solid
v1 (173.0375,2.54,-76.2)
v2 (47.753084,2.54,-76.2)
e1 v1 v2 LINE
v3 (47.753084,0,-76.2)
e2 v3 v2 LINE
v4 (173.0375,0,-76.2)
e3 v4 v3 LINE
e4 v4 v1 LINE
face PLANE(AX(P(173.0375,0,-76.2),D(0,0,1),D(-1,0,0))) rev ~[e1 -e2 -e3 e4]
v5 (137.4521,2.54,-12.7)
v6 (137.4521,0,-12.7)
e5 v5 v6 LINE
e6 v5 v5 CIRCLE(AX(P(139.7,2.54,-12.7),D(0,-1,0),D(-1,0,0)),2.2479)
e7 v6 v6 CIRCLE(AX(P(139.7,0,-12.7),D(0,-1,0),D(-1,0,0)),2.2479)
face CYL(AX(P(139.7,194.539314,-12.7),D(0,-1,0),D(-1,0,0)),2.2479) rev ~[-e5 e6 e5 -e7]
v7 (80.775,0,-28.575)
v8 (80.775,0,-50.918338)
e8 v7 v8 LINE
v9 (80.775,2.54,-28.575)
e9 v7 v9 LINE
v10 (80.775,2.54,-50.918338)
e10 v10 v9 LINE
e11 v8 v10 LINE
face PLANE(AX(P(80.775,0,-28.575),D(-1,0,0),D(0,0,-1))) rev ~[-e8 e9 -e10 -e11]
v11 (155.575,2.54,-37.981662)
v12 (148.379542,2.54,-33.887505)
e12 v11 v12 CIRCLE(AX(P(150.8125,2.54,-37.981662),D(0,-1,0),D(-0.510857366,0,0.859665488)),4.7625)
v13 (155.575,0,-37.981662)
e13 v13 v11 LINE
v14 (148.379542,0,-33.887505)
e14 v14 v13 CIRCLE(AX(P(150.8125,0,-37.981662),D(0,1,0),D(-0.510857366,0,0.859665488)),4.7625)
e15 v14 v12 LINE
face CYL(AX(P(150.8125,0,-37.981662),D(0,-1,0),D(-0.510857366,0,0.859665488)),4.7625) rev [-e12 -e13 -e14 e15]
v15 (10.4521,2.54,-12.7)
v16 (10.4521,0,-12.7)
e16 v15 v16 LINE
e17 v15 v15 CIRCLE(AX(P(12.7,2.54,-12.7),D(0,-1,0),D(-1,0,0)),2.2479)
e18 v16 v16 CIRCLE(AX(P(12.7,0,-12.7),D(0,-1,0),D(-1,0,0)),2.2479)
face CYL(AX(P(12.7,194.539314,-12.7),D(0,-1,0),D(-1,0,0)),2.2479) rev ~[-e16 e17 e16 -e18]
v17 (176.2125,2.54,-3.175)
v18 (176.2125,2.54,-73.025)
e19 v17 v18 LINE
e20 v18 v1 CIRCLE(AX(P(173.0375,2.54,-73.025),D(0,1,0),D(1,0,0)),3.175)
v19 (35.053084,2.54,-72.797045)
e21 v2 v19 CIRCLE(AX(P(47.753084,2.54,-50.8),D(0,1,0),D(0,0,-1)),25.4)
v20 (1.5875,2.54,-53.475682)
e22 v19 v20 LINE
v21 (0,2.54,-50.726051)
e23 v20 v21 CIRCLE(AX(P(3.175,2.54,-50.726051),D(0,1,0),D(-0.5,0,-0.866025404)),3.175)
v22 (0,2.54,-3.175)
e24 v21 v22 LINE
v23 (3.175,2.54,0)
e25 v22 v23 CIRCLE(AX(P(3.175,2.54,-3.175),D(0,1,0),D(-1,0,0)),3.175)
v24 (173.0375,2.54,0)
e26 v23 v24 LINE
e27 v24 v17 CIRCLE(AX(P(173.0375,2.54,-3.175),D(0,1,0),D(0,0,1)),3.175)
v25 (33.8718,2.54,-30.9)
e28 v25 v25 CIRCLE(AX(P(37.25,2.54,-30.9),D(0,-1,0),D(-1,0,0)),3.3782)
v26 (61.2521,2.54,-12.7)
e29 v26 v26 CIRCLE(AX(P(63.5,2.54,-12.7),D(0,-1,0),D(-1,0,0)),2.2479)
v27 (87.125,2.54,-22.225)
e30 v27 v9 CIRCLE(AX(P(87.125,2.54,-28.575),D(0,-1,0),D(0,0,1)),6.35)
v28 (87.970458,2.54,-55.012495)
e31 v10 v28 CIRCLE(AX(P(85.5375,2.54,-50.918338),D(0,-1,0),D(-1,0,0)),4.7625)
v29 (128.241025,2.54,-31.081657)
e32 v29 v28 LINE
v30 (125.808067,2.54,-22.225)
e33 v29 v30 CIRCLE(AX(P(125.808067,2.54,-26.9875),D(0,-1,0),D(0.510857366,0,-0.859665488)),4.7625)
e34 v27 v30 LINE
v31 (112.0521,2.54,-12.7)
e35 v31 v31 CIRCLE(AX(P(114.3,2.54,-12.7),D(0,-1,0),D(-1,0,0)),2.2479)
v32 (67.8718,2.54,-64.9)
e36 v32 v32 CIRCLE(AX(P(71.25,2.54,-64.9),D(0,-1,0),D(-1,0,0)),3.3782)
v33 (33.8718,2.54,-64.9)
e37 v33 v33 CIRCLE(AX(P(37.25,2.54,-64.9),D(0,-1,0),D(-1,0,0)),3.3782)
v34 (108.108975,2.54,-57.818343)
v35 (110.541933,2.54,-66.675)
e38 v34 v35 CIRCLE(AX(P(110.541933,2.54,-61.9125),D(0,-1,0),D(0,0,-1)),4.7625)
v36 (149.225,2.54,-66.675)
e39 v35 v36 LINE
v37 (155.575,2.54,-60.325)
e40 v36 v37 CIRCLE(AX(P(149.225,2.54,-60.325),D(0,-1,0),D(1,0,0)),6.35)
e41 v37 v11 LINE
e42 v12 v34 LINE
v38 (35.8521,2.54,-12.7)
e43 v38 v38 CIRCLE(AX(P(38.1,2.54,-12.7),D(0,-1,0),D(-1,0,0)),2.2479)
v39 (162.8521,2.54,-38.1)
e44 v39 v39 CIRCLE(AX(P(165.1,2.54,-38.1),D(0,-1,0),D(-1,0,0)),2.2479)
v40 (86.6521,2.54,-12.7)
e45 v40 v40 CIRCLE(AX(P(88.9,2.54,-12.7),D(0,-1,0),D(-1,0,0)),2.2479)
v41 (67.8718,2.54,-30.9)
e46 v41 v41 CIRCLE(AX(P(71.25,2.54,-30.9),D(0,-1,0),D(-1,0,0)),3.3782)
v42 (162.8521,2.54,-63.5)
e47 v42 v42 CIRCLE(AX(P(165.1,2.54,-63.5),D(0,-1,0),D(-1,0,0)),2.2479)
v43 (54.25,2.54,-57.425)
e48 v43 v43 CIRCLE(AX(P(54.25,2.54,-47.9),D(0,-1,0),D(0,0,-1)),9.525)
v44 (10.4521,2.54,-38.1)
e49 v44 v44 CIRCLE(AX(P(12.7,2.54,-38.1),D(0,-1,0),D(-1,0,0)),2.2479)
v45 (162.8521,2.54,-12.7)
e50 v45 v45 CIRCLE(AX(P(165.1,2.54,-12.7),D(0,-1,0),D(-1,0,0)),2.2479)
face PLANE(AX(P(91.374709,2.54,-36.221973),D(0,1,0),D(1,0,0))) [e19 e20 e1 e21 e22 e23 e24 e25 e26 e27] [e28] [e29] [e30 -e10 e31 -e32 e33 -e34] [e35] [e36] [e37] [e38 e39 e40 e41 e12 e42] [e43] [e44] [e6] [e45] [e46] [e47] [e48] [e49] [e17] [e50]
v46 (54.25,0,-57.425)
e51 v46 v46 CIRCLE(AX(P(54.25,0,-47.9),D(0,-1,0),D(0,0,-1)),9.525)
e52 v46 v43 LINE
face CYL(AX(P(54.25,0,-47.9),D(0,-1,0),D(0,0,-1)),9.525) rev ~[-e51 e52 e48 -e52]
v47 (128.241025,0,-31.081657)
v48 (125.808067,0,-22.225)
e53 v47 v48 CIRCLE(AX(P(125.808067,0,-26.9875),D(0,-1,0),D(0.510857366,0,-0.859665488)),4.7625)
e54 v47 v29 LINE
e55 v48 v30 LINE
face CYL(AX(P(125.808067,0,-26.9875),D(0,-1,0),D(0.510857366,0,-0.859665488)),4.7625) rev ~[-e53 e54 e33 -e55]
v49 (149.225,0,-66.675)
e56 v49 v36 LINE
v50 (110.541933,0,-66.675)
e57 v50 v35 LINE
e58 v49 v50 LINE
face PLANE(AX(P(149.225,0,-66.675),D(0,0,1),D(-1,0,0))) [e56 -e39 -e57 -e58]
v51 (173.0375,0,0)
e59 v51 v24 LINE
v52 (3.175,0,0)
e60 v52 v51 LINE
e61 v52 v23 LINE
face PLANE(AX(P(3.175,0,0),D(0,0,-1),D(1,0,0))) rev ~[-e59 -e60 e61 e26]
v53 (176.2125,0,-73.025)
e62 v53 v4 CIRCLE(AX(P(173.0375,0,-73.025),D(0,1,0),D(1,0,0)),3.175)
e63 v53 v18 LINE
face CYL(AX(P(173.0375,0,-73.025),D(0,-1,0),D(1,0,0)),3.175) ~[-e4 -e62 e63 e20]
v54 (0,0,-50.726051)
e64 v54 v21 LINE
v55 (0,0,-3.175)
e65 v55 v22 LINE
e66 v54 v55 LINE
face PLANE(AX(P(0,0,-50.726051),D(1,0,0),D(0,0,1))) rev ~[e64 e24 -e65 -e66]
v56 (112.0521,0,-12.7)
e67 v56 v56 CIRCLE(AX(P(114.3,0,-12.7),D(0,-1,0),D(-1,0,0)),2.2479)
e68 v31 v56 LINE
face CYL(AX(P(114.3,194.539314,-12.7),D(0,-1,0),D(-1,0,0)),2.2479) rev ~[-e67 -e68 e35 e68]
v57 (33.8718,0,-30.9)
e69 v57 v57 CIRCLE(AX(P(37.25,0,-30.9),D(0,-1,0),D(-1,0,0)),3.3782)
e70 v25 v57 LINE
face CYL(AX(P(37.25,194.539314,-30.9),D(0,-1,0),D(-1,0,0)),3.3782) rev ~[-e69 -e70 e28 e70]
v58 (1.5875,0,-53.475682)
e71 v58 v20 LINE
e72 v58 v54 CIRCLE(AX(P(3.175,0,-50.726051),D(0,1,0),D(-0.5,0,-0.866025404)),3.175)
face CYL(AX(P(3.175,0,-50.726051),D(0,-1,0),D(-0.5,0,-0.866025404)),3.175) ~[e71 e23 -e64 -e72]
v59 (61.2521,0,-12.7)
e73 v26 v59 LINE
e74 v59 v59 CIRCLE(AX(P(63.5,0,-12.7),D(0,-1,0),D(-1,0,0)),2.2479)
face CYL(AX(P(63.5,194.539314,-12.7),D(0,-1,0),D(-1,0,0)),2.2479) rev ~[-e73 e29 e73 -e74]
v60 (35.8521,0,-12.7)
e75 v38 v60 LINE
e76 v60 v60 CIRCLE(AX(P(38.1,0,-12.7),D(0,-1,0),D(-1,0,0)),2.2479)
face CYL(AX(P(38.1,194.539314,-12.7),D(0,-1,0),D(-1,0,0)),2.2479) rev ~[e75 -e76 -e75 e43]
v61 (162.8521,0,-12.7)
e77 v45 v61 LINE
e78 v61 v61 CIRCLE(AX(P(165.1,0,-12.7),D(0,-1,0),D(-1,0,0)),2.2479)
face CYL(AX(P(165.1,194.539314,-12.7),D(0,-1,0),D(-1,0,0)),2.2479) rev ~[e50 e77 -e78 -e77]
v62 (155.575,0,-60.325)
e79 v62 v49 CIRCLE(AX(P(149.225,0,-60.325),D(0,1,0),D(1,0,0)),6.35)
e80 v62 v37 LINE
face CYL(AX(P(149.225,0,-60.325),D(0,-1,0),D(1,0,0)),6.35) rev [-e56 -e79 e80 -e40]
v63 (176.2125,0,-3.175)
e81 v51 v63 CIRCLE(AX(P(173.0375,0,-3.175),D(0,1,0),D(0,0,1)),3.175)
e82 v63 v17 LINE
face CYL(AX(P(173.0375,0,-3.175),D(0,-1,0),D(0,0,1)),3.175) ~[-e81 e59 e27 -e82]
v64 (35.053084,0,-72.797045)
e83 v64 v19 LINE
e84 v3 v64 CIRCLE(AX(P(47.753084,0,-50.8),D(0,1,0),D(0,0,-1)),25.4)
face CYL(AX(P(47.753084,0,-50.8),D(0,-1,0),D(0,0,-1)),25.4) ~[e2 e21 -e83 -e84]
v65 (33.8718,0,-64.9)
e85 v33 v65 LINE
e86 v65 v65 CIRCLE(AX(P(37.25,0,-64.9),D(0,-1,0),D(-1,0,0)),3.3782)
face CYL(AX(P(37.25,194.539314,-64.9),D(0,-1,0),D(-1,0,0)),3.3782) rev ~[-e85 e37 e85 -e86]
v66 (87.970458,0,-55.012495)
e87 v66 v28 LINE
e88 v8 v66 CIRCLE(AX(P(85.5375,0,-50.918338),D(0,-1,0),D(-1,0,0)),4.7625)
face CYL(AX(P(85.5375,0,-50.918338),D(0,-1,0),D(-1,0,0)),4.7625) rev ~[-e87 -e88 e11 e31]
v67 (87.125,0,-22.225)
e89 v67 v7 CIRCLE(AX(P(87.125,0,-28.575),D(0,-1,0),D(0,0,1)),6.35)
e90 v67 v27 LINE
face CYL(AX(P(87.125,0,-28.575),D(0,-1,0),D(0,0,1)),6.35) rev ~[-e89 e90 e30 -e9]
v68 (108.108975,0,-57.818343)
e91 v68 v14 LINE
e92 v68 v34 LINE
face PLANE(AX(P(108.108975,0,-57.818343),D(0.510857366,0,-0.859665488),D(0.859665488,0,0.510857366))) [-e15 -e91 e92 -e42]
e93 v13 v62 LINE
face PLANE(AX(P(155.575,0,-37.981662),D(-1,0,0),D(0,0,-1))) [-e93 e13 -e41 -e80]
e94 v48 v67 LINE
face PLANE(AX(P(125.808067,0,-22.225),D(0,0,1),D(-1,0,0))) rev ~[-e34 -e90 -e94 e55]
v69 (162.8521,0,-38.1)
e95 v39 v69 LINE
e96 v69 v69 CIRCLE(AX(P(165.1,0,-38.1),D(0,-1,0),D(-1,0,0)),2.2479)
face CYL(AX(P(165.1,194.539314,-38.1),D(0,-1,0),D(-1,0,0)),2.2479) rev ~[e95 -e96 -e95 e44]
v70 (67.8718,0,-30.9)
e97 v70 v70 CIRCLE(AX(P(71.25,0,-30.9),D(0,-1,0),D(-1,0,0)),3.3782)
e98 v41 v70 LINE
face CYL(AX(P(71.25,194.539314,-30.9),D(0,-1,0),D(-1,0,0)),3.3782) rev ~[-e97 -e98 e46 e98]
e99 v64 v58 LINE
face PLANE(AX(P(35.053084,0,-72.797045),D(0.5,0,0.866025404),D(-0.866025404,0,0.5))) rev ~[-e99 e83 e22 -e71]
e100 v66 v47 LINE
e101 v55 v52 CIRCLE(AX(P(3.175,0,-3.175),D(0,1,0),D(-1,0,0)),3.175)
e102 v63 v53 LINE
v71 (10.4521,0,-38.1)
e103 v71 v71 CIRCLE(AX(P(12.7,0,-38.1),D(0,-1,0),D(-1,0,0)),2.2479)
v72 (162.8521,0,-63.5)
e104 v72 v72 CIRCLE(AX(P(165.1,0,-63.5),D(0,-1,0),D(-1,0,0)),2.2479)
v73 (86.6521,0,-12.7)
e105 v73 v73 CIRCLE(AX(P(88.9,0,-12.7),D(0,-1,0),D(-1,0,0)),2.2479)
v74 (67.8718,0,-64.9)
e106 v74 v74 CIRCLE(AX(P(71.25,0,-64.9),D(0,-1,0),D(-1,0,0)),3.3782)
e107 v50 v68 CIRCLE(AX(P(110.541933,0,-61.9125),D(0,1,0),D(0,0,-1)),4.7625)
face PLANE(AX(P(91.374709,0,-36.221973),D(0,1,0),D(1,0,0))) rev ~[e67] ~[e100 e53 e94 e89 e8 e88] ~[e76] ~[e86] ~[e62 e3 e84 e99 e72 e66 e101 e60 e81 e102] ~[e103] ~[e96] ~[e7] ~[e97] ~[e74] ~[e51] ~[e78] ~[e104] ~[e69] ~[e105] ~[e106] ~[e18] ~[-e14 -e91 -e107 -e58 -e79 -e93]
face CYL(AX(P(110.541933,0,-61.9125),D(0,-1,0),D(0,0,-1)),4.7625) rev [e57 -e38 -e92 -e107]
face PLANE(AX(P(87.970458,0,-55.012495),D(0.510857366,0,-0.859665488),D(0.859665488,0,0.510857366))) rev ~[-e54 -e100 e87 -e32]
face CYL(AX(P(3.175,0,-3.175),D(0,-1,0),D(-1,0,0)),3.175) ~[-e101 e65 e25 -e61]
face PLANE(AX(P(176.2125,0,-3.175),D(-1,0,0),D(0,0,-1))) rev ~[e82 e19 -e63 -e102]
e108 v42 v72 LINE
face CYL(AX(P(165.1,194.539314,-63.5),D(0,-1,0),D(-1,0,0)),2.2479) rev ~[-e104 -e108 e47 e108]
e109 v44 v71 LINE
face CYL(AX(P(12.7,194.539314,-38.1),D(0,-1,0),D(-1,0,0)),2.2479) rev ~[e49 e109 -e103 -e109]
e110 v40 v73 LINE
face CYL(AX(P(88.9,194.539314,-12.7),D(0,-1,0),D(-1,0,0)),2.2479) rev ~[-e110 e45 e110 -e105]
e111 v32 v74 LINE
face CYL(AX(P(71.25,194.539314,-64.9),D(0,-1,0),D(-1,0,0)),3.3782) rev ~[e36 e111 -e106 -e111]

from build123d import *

# Parameters (mm, degrees)
BOSS_EXTRUDE1_DEPTH     = 2.54
F_8_CLEARANCE_HOLE1_D   = 4.4958
F_1_4_CLEARANCE_HOLE1_D = 6.7564
SKETCH6_R               = 9.525
CUT_EXTRUDE1_DEPTH      = 192.999314468


with BuildPart() as part:
    # Sketch1 → Boss-Extrude1 (new body)
    with BuildSketch(Plane(origin=(0, 0, 0), x_dir=(1, 0, 0), z_dir=(0, 1, 0))):
        with BuildLine():
            Line((0, 50.726050891), (0, 3.175))
            ThreePointArc((0, 3.175), (0.92993597, 0.92993597), (3.175, 0))
            Line((3.175, 0), (173.0375, 0))
            ThreePointArc((173.0375, 0), (175.28256403, 0.92993597), (176.2125, 3.175))
            Line((176.2125, 3.175), (176.2125, 73.025))
            ThreePointArc((176.2125, 73.025), (175.28256403, 75.27006403), (173.0375, 76.2))
            Line((173.0375, 76.2), (47.753083613, 76.2))
            ThreePointArc((47.753083613, 76.2), (41.179079868, 75.334515988), (35.053083613, 72.797045256))
            Line((35.053083613, 72.797045256), (1.5875, 53.475681548))
            ThreePointArc((1.5875, 53.475681548), (0.425369343, 52.313550891), (0, 50.726050891))
        make_face()
    extrude(amount=BOSS_EXTRUDE1_DEPTH)

    # #8 Clearance Hole1 (through all)
    with Locations(Plane(origin=(0, 2.54, 0), x_dir=(1, 0, 0), z_dir=(0, 1, 0))):
        with Locations((12.7, 12.7), (38.1, 12.7), (88.9, 12.7), (63.5, 12.7), (114.3, 12.7), (139.7, 12.7), (165.1, 12.7), (165.1, 63.5), (165.1, 38.1), (12.7, 38.1)):
            Hole(F_8_CLEARANCE_HOLE1_D / 2)

    # 1/4 Clearance Hole1 (through all)
    with Locations(Plane(origin=(0, 2.54, 0), x_dir=(1, 0, 0), z_dir=(0, 1, 0))):
        with Locations((37.25, 30.9), (37.25, 64.9), (71.25, 64.9), (71.25, 30.9)):
            Hole(F_1_4_CLEARANCE_HOLE1_D / 2)

    # Sketch6 → Cut-Extrude1 (cut, through all)
    with BuildSketch(Plane.XZ):
        with Locations(Location((54.25, -47.9, 0), (0, 0, 270))):
            Circle(SKETCH6_R)
        with BuildLine():
            Line((149.225, -66.675), (110.541932823, -66.675))
            ThreePointArc((110.541932823, -66.675), (105.949557162, -63.174043513), (108.108974619, -57.818343112))
            Line((108.108974619, -57.818343112), (148.379541796, -33.887504729))
            ThreePointArc((148.379541796, -33.887504729), (153.167753999, -33.842315673), (155.575, -37.981661618))
            Line((155.575, -37.981661618), (155.575, -60.325))
            ThreePointArc((155.575, -60.325), (153.715128061, -64.815128061), (149.225, -66.675))
        make_face()
        with BuildLine():
            Line((125.808067177, -22.225), (87.125, -22.225))
            ThreePointArc((87.125, -22.225), (82.634871939, -24.084871939), (80.775, -28.575))
            Line((80.775, -28.575), (80.775, -50.918338382))
            ThreePointArc((80.775, -50.918338382), (83.182246001, -55.057684327), (87.970458204, -55.012495271))
            Line((87.970458204, -55.012495271), (128.241025381, -31.081656888))
            ThreePointArc((128.241025381, -31.081656888), (130.400442838, -25.725956487), (125.808067177, -22.225))
        make_face()
    extrude(amount=-CUT_EXTRUDE1_DEPTH, mode=Mode.SUBTRACT)


solid = part.part
